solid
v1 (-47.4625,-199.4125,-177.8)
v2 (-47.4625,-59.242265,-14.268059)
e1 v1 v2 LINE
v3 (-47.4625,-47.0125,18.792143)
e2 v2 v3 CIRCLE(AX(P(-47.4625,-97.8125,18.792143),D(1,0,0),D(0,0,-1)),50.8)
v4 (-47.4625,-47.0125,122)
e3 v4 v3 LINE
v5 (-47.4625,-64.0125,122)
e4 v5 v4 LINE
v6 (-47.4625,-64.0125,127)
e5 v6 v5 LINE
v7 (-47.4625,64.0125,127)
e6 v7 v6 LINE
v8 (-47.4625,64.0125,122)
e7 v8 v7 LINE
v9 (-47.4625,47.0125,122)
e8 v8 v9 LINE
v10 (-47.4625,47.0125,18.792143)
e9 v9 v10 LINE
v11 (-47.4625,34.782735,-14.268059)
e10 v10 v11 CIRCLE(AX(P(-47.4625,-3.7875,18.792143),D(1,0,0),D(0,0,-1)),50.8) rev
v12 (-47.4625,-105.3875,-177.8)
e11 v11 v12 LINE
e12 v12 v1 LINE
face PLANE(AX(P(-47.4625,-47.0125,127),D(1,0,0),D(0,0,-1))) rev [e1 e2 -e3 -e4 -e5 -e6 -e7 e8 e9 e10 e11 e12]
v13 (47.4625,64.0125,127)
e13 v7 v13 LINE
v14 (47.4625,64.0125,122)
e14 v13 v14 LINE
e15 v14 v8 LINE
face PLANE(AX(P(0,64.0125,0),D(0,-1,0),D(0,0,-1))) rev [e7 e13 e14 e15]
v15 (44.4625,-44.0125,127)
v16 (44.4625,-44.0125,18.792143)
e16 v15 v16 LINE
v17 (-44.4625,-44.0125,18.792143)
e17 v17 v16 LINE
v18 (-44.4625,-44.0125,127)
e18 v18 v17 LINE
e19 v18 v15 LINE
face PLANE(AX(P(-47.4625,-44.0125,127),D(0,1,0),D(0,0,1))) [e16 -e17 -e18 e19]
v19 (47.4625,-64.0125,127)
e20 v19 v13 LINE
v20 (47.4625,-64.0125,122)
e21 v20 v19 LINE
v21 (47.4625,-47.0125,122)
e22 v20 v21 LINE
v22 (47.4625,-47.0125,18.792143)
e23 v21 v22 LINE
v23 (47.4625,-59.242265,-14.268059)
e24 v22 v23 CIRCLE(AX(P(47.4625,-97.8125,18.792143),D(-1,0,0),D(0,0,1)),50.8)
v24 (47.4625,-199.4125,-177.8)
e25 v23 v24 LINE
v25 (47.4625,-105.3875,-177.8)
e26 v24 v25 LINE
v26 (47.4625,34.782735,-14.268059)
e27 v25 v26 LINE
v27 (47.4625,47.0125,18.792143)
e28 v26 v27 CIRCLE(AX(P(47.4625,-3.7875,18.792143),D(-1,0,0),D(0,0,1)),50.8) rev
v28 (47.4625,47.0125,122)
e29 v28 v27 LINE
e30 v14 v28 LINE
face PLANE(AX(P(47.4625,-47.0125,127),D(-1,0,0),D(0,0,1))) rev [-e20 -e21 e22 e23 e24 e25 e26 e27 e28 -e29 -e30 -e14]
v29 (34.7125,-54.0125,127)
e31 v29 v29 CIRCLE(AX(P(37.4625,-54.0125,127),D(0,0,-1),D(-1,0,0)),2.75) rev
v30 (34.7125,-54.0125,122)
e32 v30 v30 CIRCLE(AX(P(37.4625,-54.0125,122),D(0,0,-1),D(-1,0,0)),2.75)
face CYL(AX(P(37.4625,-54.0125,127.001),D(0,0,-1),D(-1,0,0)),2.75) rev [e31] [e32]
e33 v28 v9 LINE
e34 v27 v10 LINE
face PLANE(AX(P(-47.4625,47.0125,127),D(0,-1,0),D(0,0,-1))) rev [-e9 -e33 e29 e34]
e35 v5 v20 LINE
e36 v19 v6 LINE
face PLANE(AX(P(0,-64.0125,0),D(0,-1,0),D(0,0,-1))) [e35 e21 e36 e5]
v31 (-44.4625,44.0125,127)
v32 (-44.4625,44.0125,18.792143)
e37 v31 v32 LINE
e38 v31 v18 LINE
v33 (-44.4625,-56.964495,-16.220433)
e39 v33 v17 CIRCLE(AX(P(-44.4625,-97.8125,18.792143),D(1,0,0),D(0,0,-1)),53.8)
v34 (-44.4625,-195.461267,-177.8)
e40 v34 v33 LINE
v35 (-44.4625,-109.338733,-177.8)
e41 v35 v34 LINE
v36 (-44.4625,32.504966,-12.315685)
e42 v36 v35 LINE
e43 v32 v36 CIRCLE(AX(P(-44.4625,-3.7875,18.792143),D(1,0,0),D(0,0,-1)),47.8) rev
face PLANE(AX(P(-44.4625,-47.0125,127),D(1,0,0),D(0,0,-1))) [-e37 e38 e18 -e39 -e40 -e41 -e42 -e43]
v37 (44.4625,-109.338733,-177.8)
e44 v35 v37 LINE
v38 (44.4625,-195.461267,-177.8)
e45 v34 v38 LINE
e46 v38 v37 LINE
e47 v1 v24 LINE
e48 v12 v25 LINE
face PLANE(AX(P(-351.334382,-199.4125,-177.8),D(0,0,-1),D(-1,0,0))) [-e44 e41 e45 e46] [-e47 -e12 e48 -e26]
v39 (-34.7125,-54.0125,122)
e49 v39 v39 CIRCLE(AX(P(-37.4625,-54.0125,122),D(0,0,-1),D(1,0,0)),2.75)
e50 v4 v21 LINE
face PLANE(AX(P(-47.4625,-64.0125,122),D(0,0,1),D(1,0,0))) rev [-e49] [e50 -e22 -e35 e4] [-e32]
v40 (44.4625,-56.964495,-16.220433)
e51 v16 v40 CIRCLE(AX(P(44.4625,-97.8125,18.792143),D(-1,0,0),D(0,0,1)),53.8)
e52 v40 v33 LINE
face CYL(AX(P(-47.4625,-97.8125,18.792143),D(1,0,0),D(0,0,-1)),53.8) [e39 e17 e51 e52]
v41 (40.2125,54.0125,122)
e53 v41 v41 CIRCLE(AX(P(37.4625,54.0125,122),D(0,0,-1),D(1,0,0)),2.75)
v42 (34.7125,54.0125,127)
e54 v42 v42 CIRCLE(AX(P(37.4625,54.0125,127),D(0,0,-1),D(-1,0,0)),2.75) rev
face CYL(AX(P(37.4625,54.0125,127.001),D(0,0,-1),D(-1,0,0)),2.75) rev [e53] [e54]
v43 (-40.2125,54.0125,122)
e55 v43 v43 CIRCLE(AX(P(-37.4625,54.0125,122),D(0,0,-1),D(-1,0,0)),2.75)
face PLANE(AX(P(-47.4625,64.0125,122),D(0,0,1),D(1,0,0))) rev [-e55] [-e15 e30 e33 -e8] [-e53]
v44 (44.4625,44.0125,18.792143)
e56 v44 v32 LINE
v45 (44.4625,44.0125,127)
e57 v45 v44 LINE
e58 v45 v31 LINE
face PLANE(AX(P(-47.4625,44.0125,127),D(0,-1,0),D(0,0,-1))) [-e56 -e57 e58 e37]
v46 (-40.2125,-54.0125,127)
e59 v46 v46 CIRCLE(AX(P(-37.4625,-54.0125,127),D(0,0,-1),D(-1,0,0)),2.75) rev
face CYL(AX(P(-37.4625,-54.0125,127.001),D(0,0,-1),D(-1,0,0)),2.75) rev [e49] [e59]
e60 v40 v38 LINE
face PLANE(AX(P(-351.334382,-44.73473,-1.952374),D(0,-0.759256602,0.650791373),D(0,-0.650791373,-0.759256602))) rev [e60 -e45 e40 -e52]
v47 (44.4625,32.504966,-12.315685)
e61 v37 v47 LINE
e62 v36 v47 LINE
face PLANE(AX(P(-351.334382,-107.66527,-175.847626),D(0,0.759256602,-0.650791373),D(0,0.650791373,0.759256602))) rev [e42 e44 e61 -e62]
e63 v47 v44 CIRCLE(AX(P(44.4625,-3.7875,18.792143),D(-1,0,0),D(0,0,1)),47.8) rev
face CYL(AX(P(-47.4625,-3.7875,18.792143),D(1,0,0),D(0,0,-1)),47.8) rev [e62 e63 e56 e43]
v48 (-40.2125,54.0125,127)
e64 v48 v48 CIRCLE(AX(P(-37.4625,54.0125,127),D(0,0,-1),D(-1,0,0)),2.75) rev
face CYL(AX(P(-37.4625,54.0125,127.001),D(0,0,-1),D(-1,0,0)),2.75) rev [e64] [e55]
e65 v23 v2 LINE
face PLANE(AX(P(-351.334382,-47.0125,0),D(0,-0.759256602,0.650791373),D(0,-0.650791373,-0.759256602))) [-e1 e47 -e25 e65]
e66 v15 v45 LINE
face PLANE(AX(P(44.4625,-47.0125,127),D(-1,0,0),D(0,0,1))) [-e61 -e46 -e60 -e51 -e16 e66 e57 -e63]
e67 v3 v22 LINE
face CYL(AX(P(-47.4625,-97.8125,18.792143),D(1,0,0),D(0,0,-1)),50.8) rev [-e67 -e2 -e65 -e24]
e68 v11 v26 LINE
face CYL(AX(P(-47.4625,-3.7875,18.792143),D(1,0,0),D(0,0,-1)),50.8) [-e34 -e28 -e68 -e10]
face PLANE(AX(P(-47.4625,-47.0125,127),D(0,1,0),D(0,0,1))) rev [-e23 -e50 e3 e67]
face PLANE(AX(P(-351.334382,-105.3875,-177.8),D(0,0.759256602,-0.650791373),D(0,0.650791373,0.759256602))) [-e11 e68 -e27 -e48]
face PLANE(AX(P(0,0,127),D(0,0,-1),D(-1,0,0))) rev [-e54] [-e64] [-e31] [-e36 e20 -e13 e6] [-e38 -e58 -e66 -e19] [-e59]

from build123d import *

# Parameters (mm, degrees)
SKETCH1_W           = 94.925
SKETCH1_H           = 94.024999972
BOSS_EXTRUDE1_DEPTH = 127
BOSS_EXTRUDE2_DEPTH = 94.925
FILLET1_R           = 50.8
SHELL1_T            = -3
SKETCH3_W           = 94.925
SKETCH3_H           = 5
BOSS_EXTRUDE3_DEPTH = 16.999999878
SKETCH4_W           = 94.925
SKETCH4_H           = 5
BOSS_EXTRUDE4_DEPTH = 16.999999878
CUT_EXTRUDE1_REACH  = 365.178
SKETCH5_R           = 2.75


with BuildPart() as part:
    # Sketch1 → Boss-Extrude1 (new body)
    with BuildSketch(Plane.XY):
        Rectangle(SKETCH1_W, SKETCH1_H)
    extrude(amount=BOSS_EXTRUDE1_DEPTH)

    # Sketch2 → Boss-Extrude2 (add)
    with BuildSketch(Plane(origin=(47.4625, 0, 0), x_dir=(0, 0, -1), z_dir=(1, 0, 0))):
        Polygon((0, -47.012499986), (177.8, -199.412499986), (177.8, -105.387500014), (0, 47.012499986), align=None)
    extrude(amount=-BOSS_EXTRUDE2_DEPTH)

    # Fillet1
    fillet1_edges = [part.edges().sort_by_distance(p)[0] for p in [
        (0, -47.012499986, 0),
        (0, 47.012499986, 0),
    ]]
    fillet(fillet1_edges, radius=FILLET1_R)

    # Shell1
    shell1_openings = [part.faces().sort_by_distance(p)[0] for p in [
        (0, 0, 127),
        (0, -152.4, -177.8),
    ]]
    offset(amount=SHELL1_T, openings=shell1_openings, kind=Kind.INTERSECTION)

    # Sketch3 → Boss-Extrude3 (add)
    with BuildSketch(Plane(origin=(0, -47.012499986, 0), x_dir=(-1, 0, 0), z_dir=(0, -1, 0))):
        with Locations((0, -124.5)):
            Rectangle(SKETCH3_W, SKETCH3_H)
    extrude(amount=BOSS_EXTRUDE3_DEPTH)

    # Sketch4 → Boss-Extrude4 (add)
    with BuildSketch(Plane(origin=(0, 47.012499986, 0), x_dir=(1, 0, 0), z_dir=(0, 1, 0))):
        with Locations((0, -124.5)):
            Rectangle(SKETCH4_W, SKETCH4_H)
    extrude(amount=BOSS_EXTRUDE4_DEPTH)

    # Sketch5 → Cut-Extrude1 (cut, up to next)
    with BuildSketch(Plane(origin=(0, 0, 122), x_dir=(-1, 0, 0), z_dir=(0, 0, -1)), mode=Mode.PRIVATE) as cut_extrude1_sk1:
        with Locations((37.4625, 54.012499864)):
            Circle(SKETCH5_R)
    cut_extrude1_tool1 = extrude(cut_extrude1_sk1.sketch, amount=-CUT_EXTRUDE1_REACH, mode=Mode.PRIVATE) & part.part
    # Sketch5 → Cut-Extrude1 (cut, up to next)
    with BuildSketch(Plane(origin=(0, 0, 122), x_dir=(-1, 0, 0), z_dir=(0, 0, -1)), mode=Mode.PRIVATE) as cut_extrude1_sk2:
        with Locations((-37.4625, 54.012499864)):
            Circle(SKETCH5_R)
    cut_extrude1_tool2 = extrude(cut_extrude1_sk2.sketch, amount=-CUT_EXTRUDE1_REACH, mode=Mode.PRIVATE) & part.part
    # Sketch5 → Cut-Extrude1 (cut, up to next)
    with BuildSketch(Plane(origin=(0, 0, 122), x_dir=(-1, 0, 0), z_dir=(0, 0, -1)), mode=Mode.PRIVATE) as cut_extrude1_sk3:
        with Locations((37.4625, -54.012499864)):
            Circle(SKETCH5_R)
    cut_extrude1_tool3 = extrude(cut_extrude1_sk3.sketch, amount=-CUT_EXTRUDE1_REACH, mode=Mode.PRIVATE) & part.part
    # Sketch5 → Cut-Extrude1 (cut, up to next)
    with BuildSketch(Plane(origin=(0, 0, 122), x_dir=(-1, 0, 0), z_dir=(0, 0, -1)), mode=Mode.PRIVATE) as cut_extrude1_sk4:
        with Locations((-37.4625, -54.012499864)):
            Circle(SKETCH5_R)
    cut_extrude1_tool4 = extrude(cut_extrude1_sk4.sketch, amount=-CUT_EXTRUDE1_REACH, mode=Mode.PRIVATE) & part.part
    add(cut_extrude1_tool1.solids().sort_by_distance((-37.4625, 54.0125, 122))[0], mode=Mode.SUBTRACT)
    add(cut_extrude1_tool2.solids().sort_by_distance((37.4625, 54.0125, 122))[0], mode=Mode.SUBTRACT)
    add(cut_extrude1_tool3.solids().sort_by_distance((-37.4625, -54.0125, 122))[0], mode=Mode.SUBTRACT)
    add(cut_extrude1_tool4.solids().sort_by_distance((37.4625, -54.0125, 122))[0], mode=Mode.SUBTRACT)


solid = part.part
